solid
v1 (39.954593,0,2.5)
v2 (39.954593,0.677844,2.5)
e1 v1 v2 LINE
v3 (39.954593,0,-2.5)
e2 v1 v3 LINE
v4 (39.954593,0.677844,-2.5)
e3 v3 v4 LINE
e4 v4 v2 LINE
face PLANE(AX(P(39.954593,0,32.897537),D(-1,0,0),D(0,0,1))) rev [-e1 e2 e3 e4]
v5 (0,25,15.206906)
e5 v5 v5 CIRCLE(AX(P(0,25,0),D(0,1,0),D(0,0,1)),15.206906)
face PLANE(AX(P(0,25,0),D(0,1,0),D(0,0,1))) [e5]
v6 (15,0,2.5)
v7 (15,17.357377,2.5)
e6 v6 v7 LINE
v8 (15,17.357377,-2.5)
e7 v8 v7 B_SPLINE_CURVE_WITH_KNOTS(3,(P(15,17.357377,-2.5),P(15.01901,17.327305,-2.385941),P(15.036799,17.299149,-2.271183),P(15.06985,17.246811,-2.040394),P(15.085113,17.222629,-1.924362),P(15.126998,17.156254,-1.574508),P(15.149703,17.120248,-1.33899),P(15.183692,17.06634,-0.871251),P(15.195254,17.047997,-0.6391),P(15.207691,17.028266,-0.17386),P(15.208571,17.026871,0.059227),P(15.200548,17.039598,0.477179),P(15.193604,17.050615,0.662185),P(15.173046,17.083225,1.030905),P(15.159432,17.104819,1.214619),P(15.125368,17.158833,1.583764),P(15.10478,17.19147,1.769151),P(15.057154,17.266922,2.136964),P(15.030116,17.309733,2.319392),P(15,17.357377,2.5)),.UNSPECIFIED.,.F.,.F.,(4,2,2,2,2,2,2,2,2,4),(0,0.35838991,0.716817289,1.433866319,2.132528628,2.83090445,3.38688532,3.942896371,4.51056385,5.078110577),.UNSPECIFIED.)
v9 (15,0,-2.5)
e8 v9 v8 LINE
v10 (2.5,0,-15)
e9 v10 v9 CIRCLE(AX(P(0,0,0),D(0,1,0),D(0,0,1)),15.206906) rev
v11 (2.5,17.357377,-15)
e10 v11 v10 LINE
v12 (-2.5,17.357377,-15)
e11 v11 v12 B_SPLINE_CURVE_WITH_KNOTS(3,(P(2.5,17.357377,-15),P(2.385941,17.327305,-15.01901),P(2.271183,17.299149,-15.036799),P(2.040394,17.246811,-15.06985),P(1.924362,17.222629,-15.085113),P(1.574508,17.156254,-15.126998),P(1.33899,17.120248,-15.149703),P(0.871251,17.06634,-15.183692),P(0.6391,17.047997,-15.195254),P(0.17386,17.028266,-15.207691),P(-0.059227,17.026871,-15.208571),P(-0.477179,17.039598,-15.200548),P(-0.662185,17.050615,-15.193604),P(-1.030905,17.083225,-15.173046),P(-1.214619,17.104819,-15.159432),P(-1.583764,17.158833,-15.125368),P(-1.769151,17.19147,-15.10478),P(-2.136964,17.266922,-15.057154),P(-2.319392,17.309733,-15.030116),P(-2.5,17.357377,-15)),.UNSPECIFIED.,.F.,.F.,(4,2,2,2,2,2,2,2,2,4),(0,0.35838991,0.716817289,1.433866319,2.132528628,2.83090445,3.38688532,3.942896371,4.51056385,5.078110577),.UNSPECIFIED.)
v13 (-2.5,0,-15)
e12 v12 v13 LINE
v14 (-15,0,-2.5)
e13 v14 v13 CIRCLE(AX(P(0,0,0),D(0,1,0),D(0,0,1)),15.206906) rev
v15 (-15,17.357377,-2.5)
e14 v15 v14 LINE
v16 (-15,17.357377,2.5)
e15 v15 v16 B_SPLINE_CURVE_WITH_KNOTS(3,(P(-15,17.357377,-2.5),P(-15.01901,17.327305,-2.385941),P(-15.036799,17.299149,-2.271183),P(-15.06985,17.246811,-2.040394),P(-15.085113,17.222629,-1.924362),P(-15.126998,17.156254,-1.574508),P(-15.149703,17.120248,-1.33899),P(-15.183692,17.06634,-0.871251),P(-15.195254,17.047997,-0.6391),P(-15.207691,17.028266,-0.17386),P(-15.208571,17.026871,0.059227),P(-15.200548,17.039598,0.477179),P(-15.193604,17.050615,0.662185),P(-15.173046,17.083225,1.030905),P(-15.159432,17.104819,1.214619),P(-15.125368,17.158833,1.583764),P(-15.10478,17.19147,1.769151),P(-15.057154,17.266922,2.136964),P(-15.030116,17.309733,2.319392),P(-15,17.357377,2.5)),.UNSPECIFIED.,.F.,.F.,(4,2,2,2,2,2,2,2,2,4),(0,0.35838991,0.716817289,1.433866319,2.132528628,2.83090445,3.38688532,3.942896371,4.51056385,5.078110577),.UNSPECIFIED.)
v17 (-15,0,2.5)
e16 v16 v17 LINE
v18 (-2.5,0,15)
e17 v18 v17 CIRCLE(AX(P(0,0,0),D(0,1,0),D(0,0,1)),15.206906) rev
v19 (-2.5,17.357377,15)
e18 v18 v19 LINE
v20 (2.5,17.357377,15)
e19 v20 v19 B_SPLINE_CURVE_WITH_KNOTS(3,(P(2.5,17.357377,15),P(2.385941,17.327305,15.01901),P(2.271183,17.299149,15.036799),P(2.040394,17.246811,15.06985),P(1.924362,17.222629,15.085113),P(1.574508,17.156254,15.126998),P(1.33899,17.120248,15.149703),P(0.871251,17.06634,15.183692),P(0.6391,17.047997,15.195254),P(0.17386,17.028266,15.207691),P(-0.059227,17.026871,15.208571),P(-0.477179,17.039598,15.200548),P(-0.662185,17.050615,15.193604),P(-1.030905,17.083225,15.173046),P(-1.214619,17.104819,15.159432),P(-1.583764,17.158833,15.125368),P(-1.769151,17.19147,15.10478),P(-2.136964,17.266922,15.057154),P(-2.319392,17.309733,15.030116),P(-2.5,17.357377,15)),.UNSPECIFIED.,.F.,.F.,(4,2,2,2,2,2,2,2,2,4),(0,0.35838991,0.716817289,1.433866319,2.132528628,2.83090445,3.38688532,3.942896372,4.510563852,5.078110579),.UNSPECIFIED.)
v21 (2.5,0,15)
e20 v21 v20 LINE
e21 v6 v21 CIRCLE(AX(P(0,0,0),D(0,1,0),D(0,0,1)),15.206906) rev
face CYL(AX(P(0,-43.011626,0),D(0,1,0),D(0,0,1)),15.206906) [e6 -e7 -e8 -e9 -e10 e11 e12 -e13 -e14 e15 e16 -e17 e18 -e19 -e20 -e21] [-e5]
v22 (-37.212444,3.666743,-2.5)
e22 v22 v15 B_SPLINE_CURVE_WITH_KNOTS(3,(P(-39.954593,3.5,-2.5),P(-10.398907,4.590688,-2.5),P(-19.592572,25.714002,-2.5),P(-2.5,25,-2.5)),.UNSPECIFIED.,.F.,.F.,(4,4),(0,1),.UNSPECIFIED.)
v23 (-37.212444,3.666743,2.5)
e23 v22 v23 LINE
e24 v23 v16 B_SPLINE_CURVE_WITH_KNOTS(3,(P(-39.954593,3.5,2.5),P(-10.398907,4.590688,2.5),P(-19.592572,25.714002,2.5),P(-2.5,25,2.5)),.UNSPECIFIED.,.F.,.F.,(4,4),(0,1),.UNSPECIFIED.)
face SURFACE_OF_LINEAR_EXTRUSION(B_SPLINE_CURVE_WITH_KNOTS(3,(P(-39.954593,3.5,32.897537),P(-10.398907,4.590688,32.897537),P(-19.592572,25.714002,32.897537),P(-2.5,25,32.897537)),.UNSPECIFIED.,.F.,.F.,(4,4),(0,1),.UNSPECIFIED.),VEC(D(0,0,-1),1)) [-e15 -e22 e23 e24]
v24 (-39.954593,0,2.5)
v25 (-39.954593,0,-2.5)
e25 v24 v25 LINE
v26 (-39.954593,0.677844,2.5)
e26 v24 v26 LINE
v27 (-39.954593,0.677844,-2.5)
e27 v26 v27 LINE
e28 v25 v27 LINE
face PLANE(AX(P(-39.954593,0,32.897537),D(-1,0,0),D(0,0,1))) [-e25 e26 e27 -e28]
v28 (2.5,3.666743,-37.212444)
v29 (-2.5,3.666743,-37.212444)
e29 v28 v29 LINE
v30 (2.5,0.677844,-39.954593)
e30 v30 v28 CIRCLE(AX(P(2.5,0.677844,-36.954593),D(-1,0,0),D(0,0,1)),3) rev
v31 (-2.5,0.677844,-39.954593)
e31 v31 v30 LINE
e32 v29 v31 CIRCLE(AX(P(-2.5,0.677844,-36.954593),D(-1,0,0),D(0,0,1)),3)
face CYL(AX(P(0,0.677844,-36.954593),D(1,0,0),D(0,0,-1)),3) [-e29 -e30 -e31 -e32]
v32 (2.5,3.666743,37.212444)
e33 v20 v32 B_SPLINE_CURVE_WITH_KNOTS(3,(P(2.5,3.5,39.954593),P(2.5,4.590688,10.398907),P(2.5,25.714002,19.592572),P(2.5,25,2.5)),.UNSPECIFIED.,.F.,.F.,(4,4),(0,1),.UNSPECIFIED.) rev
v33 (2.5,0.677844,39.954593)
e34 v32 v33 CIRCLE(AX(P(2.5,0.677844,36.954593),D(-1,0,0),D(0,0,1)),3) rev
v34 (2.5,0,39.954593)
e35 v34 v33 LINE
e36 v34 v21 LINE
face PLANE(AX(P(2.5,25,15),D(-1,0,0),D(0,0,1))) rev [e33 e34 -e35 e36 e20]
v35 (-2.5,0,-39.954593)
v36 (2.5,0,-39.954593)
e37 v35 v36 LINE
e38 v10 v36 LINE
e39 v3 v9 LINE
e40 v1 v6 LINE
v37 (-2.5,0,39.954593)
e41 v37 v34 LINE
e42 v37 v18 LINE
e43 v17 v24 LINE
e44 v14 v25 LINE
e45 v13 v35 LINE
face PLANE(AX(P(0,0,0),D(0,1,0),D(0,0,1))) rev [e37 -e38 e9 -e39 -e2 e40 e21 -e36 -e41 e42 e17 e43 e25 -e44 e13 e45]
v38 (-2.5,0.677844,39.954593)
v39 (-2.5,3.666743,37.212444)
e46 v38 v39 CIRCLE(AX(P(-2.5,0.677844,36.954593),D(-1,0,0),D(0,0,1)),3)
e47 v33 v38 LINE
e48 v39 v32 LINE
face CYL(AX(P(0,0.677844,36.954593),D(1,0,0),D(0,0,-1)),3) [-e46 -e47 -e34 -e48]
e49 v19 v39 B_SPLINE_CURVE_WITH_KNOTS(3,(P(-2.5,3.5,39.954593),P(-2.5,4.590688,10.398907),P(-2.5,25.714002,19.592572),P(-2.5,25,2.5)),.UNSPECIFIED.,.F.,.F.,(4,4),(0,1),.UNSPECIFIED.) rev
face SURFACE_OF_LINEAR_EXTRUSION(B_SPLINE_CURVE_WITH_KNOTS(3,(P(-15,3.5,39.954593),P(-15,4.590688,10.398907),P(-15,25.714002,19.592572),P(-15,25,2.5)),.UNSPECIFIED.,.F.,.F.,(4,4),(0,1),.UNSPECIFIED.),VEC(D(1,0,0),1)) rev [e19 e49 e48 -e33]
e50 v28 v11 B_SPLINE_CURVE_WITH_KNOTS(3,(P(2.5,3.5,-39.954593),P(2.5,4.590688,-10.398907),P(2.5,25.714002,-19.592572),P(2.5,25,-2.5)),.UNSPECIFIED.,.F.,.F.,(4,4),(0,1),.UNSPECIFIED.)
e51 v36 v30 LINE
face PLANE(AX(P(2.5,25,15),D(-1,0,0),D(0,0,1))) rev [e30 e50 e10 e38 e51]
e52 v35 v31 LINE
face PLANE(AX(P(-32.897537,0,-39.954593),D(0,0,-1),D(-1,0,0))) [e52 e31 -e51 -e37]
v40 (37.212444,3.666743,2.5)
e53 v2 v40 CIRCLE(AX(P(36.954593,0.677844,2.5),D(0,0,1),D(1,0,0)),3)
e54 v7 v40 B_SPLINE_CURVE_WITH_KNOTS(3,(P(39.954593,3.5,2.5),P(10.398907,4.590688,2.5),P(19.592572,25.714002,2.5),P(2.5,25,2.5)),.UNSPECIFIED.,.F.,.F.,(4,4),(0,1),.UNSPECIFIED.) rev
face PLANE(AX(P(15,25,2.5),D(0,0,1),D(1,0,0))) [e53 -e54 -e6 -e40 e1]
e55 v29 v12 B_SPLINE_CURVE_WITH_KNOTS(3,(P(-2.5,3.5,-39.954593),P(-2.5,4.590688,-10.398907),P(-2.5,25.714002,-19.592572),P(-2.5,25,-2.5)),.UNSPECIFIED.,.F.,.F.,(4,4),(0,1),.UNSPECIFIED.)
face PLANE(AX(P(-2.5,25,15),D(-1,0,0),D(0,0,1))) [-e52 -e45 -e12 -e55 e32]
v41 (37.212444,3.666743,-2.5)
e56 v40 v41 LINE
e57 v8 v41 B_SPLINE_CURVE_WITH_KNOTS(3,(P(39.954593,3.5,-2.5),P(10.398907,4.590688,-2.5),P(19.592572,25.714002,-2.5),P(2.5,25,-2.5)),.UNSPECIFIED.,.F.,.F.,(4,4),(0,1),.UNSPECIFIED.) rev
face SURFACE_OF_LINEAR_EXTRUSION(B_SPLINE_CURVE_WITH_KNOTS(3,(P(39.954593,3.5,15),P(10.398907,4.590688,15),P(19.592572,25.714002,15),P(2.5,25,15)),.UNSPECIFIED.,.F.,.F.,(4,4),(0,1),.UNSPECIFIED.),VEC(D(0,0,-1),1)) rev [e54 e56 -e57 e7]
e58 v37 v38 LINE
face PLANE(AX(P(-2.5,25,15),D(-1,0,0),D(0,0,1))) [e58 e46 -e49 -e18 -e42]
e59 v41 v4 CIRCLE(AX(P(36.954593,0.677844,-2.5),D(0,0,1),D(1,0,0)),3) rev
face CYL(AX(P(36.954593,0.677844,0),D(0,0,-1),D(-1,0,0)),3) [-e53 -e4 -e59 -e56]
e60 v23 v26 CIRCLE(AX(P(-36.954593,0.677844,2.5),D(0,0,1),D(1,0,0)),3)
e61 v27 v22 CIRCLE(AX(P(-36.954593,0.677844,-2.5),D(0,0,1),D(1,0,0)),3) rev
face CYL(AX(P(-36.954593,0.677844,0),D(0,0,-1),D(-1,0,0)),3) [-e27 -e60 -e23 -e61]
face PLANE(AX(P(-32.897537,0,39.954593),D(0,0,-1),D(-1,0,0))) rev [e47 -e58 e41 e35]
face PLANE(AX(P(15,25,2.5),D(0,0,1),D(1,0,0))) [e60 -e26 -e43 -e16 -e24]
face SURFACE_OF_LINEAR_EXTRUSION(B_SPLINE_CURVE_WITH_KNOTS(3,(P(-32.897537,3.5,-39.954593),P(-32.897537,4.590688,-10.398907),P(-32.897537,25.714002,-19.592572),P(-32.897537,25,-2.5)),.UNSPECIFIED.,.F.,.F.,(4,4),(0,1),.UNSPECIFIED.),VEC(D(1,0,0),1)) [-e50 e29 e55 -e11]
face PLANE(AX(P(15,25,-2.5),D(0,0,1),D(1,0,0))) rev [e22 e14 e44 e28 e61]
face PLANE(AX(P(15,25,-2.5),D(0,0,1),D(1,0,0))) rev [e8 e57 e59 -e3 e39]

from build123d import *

# Parameters (mm, degrees)
SKETCH3_W           = 30
SKETCH3_H           = 5
SKETCH3_W_2         = 5
SKETCH3_H_2         = 30
BOSS_EXTRUDE2_DEPTH = 25
CUT_EXTRUDE2_DEPTH  = 35.003676272
BOSS_EXTRUDE3_DEPTH = 5
SKETCH9_W           = 12.5
SKETCH9_H           = 5
CUT_EXTRUDE3_DEPTH  = 50.460787365
CIRPATTERN9_COUNT   = 4
SKETCH11_W          = 30
SKETCH11_H          = 25
BOSS_EXTRUDE5_DEPTH = 2.5
FILLET1_R           = 3
BOSS_EXTRUDE6_REACH = 63.788
SKETCH12_R          = 15.206906326


with BuildPart() as part:
    # Sketch3 → Boss-Extrude2 (new body)
    with BuildSketch(Plane(origin=(0, 0, 0), x_dir=(1, 0, 0), z_dir=(0, 1, 0))):
        Rectangle(SKETCH3_W, SKETCH3_H)
        Rectangle(SKETCH3_W_2, SKETCH3_H_2)
    extrude(amount=BOSS_EXTRUDE2_DEPTH)

    # Sketch4 → Cut-Extrude2 (cut, symmetric)
    with BuildSketch(Plane(origin=(2.5, 0, 0), x_dir=(0, 0, -1), z_dir=(1, 0, 0))):
        with BuildLine():
            Line((-15, 25), (-15, 17.357377201))
            add(Edge.make_bspline(
                [(-15, 17.357377201), (-12.472140197, 21.356054213), (-10.128526377, 24.727998236), (-4.127581327, 25)],
                knots=[0.577139171, 0.577139171, 0.577139171, 0.577139171, 0.966590179, 0.966590179, 0.966590179, 0.966590179], degree=3))
            Line((-4.127581327, 25), (-15, 25))
        make_face()
    cut_extrude2 = extrude(amount=CUT_EXTRUDE2_DEPTH, both=True, mode=Mode.SUBTRACT)

    # Sketch5 → Boss-Extrude3 (add)
    with BuildSketch(Plane(origin=(2.5, 0, 0), x_dir=(0, 0, -1), z_dir=(1, 0, 0))):
        with BuildLine():
            Line((-39.95459265, 0), (-15, 0))
            Line((-15, 0), (-15, 17.357377201))
            add(Edge.make_bspline(
                [(-39.95459265, 3.5), (-22.896848779, 4.129478661), (-18.746111538, 11.431617363), (-15, 17.357377201)],
                knots=[0, 0, 0, 0, 0.577139171, 0.577139171, 0.577139171, 0.577139171], degree=3))
            Line((-39.95459265, 3.5), (-39.95459265, 0))
        make_face()
    boss_extrude3 = extrude(amount=-BOSS_EXTRUDE3_DEPTH)

    # Mirror1: Boss-Extrude3 across plane
    add(boss_extrude3.mirror(Plane.XY))

    # Mirror2: Cut-Extrude2 across plane
    add(cut_extrude2.mirror(Plane.XY), mode=Mode.SUBTRACT)

    # Sketch9 → Cut-Extrude3 (cut, through all)
    with BuildSketch(Plane(origin=(0, 25, 0), x_dir=(1, 0, 0), z_dir=(0, 1, 0))):
        with Locations((-8.75, 0)):
            Rectangle(SKETCH9_W, SKETCH9_H)
        with Locations((8.75, 0)):
            Rectangle(SKETCH9_W, SKETCH9_H)
    extrude(amount=-CUT_EXTRUDE3_DEPTH, mode=Mode.SUBTRACT)


with BuildPart() as cirpattern9_1:
    # CirPattern9: pattern copy
    add(part.part.rotate(Axis((0, 0, 0), (0, 1, 0)), 1 * 360 / CIRPATTERN9_COUNT))


with BuildPart() as cirpattern9_2:
    # CirPattern9: pattern copy
    add(part.part.rotate(Axis((0, 0, 0), (0, 1, 0)), 2 * 360 / CIRPATTERN9_COUNT))


with BuildPart() as cirpattern9_3:
    # CirPattern9: pattern copy
    add(part.part.rotate(Axis((0, 0, 0), (0, 1, 0)), 3 * 360 / CIRPATTERN9_COUNT))


with BuildPart() as part_1:
    add(part.part)

    add(cirpattern9_1.part)  # Boss-Extrude5 merges CirPattern9_1

    add(cirpattern9_2.part)  # Boss-Extrude5 merges CirPattern9_2

    add(cirpattern9_3.part)  # Boss-Extrude5 merges CirPattern9_3
    # Sketch11 → Boss-Extrude5 (add, symmetric)
    with BuildSketch(Plane(origin=(0, 0, 0), x_dir=(0.7071067811865489, 0, 0.7071067811865462), z_dir=(-0.7071067811865462, 0, 0.7071067811865489))):
        with Locations((0, 12.5)):
            Rectangle(SKETCH11_W, SKETCH11_H)
    extrude(amount=BOSS_EXTRUDE5_DEPTH, both=True)

    # Fillet1
    fillet1_edges = [part_1.edges().sort_by_distance(p)[0] for p in [
        (0, 3.5, -39.95459265),
        (39.95459265, 3.5, 0),
        (0, 3.5, 39.95459265),
        (-39.95459265, 3.5, 0),
    ]]
    fillet(fillet1_edges, radius=FILLET1_R)

    # Boss-Extrude6: up to this face of the body (flat: up to its plane)
    boss_extrude6_end = Plane(part_1.part.faces().sort_by_distance((0, 0, 0))[0])
    # Sketch12 → Boss-Extrude6 (add, up to the picked face)
    with BuildSketch(Plane(origin=(0, 25, 0), x_dir=(1, 0, 0), z_dir=(0, 1, 0)), mode=Mode.PRIVATE) as boss_extrude6_sk1:
        with Locations(Location((0, 0, 0), (0, 0, 270))):
            Circle(SKETCH12_R)
    boss_extrude6_tool1 = split(extrude(boss_extrude6_sk1.sketch, amount=-BOSS_EXTRUDE6_REACH, mode=Mode.PRIVATE), bisect_by=boss_extrude6_end, keep=Keep.BOTH, mode=Mode.PRIVATE)
    add(boss_extrude6_tool1.solids().sort_by(Axis((0, 25, 0), (0, -1, 0)))[0])


solid = part_1.part
